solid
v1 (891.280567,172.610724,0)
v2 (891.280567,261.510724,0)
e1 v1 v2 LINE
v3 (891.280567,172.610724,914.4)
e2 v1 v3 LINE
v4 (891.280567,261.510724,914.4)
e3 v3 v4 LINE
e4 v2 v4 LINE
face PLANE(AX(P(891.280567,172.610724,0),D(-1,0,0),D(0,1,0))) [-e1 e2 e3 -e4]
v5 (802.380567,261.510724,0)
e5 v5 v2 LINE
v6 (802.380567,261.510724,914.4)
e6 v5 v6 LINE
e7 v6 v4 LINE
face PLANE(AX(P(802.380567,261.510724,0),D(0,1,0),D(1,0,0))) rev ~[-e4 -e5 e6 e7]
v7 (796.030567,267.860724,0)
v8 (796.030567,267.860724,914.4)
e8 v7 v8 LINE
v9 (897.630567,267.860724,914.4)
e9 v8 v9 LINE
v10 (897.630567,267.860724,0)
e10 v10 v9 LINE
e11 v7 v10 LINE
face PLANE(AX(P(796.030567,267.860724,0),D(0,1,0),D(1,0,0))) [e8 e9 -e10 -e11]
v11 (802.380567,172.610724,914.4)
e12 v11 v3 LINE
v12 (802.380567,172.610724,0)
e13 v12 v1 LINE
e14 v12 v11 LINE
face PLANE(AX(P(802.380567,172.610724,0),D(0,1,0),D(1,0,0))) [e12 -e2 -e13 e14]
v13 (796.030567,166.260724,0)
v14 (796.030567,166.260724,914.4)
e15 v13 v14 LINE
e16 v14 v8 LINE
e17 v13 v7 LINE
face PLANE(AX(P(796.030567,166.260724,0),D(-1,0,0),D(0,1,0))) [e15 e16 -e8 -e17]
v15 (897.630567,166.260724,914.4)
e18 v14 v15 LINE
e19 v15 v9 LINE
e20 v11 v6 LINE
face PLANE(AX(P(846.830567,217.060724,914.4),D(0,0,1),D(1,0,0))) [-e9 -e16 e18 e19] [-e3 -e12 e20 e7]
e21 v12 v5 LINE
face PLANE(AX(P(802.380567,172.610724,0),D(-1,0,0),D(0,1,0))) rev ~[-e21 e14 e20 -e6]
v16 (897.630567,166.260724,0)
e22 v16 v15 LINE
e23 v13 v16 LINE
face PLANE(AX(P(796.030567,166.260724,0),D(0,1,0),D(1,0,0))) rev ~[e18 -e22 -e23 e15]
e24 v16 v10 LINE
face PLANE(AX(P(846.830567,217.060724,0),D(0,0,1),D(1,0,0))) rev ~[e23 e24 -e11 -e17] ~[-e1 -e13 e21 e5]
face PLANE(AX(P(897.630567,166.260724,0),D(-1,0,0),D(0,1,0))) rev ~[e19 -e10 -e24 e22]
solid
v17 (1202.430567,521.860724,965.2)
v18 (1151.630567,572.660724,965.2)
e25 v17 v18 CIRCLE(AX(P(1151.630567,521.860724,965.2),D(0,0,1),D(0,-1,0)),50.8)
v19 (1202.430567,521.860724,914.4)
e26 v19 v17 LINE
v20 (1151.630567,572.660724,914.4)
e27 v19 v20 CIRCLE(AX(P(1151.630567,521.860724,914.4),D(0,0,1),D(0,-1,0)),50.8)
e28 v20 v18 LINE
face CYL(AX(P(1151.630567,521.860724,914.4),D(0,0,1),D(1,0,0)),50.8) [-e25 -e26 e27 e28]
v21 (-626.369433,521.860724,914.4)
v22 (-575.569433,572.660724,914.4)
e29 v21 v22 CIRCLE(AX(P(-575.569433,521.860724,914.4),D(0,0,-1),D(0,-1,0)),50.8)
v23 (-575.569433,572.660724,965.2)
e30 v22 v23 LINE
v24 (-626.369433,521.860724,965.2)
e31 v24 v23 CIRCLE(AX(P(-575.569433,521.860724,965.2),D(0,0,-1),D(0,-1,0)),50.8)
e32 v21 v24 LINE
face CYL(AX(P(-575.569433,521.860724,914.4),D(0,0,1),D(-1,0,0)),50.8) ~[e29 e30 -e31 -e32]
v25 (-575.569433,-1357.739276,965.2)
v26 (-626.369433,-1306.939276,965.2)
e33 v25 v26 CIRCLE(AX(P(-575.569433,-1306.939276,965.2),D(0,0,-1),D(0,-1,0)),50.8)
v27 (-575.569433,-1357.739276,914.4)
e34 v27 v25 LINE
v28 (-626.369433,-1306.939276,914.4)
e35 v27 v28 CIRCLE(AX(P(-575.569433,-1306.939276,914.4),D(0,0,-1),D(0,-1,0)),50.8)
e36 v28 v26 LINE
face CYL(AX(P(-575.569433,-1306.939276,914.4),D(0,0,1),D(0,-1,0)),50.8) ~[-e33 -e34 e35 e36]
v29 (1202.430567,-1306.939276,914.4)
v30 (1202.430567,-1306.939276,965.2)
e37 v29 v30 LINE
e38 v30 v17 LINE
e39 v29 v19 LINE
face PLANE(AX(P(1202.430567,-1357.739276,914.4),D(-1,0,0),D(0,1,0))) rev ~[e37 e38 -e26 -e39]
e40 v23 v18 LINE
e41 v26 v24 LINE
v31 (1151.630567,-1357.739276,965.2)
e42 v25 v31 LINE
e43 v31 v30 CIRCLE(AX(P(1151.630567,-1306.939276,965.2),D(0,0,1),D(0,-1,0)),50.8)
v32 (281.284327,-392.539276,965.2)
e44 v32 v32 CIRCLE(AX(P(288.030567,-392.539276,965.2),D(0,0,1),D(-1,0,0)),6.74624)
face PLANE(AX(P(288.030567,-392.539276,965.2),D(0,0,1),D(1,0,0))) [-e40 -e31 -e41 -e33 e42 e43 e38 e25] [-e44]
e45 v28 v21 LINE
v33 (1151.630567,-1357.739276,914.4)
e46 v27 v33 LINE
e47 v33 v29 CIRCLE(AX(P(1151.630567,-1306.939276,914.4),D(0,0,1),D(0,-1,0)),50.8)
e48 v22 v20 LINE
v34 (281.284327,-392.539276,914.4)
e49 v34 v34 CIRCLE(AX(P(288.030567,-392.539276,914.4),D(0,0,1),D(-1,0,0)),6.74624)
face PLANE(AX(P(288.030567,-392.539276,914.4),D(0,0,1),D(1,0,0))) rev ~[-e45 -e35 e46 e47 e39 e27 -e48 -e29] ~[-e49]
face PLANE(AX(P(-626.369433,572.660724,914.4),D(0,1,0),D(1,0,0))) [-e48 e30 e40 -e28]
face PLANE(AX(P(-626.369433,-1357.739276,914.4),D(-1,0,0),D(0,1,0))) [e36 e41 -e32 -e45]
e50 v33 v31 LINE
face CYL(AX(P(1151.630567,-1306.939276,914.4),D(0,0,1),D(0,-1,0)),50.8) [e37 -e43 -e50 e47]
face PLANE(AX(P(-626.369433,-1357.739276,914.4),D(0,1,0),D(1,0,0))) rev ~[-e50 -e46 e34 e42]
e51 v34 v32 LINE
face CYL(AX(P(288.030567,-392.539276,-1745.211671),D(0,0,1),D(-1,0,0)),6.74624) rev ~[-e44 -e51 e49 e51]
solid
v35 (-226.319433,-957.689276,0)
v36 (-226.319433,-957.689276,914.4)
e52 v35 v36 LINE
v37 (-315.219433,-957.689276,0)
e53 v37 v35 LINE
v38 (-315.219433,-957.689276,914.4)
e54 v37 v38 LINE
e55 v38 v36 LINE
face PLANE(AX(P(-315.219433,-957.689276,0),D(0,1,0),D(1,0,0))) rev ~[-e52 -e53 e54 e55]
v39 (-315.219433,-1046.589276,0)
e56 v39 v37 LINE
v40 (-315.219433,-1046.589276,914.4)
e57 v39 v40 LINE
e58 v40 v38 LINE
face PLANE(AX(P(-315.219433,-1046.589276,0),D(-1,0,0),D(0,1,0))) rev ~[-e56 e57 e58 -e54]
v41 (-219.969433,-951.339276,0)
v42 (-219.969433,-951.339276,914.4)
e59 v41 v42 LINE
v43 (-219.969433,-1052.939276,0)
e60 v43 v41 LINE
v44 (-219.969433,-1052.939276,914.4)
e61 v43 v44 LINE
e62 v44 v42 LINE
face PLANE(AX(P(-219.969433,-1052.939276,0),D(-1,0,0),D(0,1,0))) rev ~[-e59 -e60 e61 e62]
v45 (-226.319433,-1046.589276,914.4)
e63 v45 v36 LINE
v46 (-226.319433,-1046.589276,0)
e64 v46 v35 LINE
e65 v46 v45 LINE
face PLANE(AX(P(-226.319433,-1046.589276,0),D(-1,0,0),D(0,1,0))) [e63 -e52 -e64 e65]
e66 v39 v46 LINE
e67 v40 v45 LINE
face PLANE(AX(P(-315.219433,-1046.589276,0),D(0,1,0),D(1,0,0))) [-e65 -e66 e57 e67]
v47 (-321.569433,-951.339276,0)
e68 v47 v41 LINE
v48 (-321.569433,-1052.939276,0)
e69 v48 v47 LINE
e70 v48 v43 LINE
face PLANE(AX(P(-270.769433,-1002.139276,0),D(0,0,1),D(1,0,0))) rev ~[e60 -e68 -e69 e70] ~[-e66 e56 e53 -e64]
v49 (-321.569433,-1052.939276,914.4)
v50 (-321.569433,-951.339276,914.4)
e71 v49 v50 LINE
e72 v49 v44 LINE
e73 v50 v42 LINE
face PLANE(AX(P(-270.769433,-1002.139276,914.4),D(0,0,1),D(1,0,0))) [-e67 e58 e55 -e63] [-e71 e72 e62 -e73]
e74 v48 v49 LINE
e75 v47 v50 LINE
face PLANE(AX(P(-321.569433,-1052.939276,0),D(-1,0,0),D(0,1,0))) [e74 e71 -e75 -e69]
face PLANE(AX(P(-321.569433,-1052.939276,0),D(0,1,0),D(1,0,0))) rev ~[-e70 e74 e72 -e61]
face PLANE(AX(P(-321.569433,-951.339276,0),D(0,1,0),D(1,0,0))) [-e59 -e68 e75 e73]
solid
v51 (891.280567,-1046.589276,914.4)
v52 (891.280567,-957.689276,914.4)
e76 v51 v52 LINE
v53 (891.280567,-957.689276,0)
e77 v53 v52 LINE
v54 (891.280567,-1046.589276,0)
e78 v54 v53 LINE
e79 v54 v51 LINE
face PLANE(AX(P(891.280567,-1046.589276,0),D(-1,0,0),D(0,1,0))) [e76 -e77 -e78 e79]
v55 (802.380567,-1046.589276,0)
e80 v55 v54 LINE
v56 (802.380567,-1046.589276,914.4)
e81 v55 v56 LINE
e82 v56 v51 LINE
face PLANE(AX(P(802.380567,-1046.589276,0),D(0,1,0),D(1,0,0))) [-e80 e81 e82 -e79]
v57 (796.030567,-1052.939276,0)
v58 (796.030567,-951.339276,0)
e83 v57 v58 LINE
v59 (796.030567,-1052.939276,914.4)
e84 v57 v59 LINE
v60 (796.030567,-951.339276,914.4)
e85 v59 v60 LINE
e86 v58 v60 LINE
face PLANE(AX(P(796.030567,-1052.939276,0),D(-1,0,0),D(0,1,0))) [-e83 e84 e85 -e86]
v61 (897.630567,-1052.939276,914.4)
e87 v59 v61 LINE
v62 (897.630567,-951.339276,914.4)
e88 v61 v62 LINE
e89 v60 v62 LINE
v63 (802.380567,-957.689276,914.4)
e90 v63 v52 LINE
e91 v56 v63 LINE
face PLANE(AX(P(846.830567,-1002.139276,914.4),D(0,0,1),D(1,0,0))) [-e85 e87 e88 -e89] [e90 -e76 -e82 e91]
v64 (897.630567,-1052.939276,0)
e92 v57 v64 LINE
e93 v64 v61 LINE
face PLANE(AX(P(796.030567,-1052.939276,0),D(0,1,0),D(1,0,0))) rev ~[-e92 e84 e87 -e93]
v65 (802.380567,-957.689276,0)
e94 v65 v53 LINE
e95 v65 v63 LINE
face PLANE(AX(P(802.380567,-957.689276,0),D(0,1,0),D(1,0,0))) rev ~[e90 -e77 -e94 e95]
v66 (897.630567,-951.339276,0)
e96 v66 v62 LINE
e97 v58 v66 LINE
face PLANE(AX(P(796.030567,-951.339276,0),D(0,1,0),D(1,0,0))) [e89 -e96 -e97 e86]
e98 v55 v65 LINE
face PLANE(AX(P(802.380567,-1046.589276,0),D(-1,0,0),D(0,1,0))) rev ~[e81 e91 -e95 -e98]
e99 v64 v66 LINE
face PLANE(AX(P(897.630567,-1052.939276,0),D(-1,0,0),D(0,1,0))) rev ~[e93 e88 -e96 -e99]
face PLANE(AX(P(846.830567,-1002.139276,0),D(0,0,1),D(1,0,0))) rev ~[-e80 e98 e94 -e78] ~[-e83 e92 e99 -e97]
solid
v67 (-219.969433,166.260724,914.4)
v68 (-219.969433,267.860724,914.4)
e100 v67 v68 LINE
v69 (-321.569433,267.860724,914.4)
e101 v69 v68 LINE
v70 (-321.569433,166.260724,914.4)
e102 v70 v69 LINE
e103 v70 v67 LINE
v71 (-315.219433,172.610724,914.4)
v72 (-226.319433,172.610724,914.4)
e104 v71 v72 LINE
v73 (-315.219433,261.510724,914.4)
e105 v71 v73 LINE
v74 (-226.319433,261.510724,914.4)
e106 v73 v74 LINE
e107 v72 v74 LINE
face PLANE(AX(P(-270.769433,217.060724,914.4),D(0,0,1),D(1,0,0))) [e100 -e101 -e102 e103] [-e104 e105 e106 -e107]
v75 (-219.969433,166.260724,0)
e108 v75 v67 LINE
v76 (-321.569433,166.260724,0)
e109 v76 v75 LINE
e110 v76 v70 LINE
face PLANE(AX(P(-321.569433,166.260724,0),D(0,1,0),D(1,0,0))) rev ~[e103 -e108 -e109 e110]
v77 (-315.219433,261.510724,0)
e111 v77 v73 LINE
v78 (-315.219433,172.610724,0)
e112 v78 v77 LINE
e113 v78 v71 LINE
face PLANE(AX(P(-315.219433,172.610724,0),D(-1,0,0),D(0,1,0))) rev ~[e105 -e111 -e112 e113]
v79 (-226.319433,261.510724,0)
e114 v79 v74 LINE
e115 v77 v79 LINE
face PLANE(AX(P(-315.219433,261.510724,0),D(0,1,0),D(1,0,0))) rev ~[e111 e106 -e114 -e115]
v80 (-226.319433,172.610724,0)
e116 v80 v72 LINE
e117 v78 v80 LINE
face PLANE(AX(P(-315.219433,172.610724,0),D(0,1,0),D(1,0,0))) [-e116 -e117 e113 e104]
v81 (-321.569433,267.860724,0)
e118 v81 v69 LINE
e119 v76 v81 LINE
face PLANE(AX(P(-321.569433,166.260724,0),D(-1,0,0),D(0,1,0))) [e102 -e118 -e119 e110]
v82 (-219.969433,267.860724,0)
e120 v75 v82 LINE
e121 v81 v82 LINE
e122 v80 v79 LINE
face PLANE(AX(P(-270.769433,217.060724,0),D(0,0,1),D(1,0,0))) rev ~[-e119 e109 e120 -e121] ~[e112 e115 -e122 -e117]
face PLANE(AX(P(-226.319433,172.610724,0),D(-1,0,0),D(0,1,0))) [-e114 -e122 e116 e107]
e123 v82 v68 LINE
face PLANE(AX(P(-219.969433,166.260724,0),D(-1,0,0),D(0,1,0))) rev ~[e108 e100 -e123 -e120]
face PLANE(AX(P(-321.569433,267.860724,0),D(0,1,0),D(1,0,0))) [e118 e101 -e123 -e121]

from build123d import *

# Parameters (mm, degrees)
F0_W     = 101.6
F0_H     = 101.6
F0_W_2   = 88.9
F0_H_2   = 88.9
F1_DEPTH = 914.4
F2_W     = 1828.8
F2_H     = 1930.4
F3_DEPTH = 50.8
F4_R     = 50.8
F5_R     = 50.8
F6_D     = 13.49248


with BuildPart() as f1:
    # F0 (on Top) → F1 (new body)
    with BuildSketch(Plane.XY):
        with Locations((-270.7694334187, 217.0607238128)):
            Rectangle(F0_W, F0_H)
        with Locations((-270.7694334187, 217.0607238128)):
            Rectangle(F0_W_2, F0_H_2, mode=Mode.SUBTRACT)
    extrude(amount=F1_DEPTH)


with BuildPart() as f1b:
    # F0 (on Top) → F1, piece 2 (new body)
    with BuildSketch(Plane.XY):
        with Locations((846.8305665813, 217.0607238128)):
            Rectangle(F0_W, F0_H)
        with Locations((846.8305665813, 217.0607238128)):
            Rectangle(F0_W_2, F0_H_2, mode=Mode.SUBTRACT)
    extrude(amount=F1_DEPTH)


with BuildPart() as f1c:
    # F0 (on Top) → F1, piece 3 (new body)
    with BuildSketch(Plane.XY):
        with Locations((-270.7694334187, -1002.1392761872)):
            Rectangle(F0_W, F0_H)
        with Locations((-270.7694334187, -1002.1392761872)):
            Rectangle(F0_W_2, F0_H_2, mode=Mode.SUBTRACT)
    extrude(amount=F1_DEPTH)


with BuildPart() as f1d:
    # F0 (on Top) → F1, piece 4 (new body)
    with BuildSketch(Plane.XY):
        with Locations((846.8305665813, -1002.1392761872)):
            Rectangle(F0_W, F0_H)
        with Locations((846.8305665813, -1002.1392761872)):
            Rectangle(F0_W_2, F0_H_2, mode=Mode.SUBTRACT)
    extrude(amount=F1_DEPTH)


with BuildPart() as f3:
    # F2 (on face) → F3 (new body)
    with BuildSketch(Plane.XY.offset(914.4)):
        with Locations((288.0305665813, -392.5392761872)):
            Rectangle(F2_W, F2_H)
    extrude(amount=F3_DEPTH)

    # F4
    f4_edges = [f3.edges().sort_by_distance(p)[0] for p in [
        (1202.430567, -1357.739276, 939.8),
        (1202.430567, 572.660724, 939.8),
    ]]
    fillet(f4_edges, radius=F4_R)

    # F5
    f5_edges = [f3.edges().sort_by_distance(p)[0] for p in [
        (-626.369433, 572.660724, 939.8),
        (-626.369433, -1357.739276, 939.8),
    ]]
    fillet(f5_edges, radius=F5_R)

    # F6 (through all)
    with Locations(Plane(origin=(0, 0, 914.4), x_dir=(1, 0, 0), z_dir=(0, 0, -1))):
        with Locations((288.0305665813, 392.5392761872)):
            Hole(F6_D / 2)


solid = Compound([f1.part, f1b.part, f1c.part, f1d.part, f3.part])
